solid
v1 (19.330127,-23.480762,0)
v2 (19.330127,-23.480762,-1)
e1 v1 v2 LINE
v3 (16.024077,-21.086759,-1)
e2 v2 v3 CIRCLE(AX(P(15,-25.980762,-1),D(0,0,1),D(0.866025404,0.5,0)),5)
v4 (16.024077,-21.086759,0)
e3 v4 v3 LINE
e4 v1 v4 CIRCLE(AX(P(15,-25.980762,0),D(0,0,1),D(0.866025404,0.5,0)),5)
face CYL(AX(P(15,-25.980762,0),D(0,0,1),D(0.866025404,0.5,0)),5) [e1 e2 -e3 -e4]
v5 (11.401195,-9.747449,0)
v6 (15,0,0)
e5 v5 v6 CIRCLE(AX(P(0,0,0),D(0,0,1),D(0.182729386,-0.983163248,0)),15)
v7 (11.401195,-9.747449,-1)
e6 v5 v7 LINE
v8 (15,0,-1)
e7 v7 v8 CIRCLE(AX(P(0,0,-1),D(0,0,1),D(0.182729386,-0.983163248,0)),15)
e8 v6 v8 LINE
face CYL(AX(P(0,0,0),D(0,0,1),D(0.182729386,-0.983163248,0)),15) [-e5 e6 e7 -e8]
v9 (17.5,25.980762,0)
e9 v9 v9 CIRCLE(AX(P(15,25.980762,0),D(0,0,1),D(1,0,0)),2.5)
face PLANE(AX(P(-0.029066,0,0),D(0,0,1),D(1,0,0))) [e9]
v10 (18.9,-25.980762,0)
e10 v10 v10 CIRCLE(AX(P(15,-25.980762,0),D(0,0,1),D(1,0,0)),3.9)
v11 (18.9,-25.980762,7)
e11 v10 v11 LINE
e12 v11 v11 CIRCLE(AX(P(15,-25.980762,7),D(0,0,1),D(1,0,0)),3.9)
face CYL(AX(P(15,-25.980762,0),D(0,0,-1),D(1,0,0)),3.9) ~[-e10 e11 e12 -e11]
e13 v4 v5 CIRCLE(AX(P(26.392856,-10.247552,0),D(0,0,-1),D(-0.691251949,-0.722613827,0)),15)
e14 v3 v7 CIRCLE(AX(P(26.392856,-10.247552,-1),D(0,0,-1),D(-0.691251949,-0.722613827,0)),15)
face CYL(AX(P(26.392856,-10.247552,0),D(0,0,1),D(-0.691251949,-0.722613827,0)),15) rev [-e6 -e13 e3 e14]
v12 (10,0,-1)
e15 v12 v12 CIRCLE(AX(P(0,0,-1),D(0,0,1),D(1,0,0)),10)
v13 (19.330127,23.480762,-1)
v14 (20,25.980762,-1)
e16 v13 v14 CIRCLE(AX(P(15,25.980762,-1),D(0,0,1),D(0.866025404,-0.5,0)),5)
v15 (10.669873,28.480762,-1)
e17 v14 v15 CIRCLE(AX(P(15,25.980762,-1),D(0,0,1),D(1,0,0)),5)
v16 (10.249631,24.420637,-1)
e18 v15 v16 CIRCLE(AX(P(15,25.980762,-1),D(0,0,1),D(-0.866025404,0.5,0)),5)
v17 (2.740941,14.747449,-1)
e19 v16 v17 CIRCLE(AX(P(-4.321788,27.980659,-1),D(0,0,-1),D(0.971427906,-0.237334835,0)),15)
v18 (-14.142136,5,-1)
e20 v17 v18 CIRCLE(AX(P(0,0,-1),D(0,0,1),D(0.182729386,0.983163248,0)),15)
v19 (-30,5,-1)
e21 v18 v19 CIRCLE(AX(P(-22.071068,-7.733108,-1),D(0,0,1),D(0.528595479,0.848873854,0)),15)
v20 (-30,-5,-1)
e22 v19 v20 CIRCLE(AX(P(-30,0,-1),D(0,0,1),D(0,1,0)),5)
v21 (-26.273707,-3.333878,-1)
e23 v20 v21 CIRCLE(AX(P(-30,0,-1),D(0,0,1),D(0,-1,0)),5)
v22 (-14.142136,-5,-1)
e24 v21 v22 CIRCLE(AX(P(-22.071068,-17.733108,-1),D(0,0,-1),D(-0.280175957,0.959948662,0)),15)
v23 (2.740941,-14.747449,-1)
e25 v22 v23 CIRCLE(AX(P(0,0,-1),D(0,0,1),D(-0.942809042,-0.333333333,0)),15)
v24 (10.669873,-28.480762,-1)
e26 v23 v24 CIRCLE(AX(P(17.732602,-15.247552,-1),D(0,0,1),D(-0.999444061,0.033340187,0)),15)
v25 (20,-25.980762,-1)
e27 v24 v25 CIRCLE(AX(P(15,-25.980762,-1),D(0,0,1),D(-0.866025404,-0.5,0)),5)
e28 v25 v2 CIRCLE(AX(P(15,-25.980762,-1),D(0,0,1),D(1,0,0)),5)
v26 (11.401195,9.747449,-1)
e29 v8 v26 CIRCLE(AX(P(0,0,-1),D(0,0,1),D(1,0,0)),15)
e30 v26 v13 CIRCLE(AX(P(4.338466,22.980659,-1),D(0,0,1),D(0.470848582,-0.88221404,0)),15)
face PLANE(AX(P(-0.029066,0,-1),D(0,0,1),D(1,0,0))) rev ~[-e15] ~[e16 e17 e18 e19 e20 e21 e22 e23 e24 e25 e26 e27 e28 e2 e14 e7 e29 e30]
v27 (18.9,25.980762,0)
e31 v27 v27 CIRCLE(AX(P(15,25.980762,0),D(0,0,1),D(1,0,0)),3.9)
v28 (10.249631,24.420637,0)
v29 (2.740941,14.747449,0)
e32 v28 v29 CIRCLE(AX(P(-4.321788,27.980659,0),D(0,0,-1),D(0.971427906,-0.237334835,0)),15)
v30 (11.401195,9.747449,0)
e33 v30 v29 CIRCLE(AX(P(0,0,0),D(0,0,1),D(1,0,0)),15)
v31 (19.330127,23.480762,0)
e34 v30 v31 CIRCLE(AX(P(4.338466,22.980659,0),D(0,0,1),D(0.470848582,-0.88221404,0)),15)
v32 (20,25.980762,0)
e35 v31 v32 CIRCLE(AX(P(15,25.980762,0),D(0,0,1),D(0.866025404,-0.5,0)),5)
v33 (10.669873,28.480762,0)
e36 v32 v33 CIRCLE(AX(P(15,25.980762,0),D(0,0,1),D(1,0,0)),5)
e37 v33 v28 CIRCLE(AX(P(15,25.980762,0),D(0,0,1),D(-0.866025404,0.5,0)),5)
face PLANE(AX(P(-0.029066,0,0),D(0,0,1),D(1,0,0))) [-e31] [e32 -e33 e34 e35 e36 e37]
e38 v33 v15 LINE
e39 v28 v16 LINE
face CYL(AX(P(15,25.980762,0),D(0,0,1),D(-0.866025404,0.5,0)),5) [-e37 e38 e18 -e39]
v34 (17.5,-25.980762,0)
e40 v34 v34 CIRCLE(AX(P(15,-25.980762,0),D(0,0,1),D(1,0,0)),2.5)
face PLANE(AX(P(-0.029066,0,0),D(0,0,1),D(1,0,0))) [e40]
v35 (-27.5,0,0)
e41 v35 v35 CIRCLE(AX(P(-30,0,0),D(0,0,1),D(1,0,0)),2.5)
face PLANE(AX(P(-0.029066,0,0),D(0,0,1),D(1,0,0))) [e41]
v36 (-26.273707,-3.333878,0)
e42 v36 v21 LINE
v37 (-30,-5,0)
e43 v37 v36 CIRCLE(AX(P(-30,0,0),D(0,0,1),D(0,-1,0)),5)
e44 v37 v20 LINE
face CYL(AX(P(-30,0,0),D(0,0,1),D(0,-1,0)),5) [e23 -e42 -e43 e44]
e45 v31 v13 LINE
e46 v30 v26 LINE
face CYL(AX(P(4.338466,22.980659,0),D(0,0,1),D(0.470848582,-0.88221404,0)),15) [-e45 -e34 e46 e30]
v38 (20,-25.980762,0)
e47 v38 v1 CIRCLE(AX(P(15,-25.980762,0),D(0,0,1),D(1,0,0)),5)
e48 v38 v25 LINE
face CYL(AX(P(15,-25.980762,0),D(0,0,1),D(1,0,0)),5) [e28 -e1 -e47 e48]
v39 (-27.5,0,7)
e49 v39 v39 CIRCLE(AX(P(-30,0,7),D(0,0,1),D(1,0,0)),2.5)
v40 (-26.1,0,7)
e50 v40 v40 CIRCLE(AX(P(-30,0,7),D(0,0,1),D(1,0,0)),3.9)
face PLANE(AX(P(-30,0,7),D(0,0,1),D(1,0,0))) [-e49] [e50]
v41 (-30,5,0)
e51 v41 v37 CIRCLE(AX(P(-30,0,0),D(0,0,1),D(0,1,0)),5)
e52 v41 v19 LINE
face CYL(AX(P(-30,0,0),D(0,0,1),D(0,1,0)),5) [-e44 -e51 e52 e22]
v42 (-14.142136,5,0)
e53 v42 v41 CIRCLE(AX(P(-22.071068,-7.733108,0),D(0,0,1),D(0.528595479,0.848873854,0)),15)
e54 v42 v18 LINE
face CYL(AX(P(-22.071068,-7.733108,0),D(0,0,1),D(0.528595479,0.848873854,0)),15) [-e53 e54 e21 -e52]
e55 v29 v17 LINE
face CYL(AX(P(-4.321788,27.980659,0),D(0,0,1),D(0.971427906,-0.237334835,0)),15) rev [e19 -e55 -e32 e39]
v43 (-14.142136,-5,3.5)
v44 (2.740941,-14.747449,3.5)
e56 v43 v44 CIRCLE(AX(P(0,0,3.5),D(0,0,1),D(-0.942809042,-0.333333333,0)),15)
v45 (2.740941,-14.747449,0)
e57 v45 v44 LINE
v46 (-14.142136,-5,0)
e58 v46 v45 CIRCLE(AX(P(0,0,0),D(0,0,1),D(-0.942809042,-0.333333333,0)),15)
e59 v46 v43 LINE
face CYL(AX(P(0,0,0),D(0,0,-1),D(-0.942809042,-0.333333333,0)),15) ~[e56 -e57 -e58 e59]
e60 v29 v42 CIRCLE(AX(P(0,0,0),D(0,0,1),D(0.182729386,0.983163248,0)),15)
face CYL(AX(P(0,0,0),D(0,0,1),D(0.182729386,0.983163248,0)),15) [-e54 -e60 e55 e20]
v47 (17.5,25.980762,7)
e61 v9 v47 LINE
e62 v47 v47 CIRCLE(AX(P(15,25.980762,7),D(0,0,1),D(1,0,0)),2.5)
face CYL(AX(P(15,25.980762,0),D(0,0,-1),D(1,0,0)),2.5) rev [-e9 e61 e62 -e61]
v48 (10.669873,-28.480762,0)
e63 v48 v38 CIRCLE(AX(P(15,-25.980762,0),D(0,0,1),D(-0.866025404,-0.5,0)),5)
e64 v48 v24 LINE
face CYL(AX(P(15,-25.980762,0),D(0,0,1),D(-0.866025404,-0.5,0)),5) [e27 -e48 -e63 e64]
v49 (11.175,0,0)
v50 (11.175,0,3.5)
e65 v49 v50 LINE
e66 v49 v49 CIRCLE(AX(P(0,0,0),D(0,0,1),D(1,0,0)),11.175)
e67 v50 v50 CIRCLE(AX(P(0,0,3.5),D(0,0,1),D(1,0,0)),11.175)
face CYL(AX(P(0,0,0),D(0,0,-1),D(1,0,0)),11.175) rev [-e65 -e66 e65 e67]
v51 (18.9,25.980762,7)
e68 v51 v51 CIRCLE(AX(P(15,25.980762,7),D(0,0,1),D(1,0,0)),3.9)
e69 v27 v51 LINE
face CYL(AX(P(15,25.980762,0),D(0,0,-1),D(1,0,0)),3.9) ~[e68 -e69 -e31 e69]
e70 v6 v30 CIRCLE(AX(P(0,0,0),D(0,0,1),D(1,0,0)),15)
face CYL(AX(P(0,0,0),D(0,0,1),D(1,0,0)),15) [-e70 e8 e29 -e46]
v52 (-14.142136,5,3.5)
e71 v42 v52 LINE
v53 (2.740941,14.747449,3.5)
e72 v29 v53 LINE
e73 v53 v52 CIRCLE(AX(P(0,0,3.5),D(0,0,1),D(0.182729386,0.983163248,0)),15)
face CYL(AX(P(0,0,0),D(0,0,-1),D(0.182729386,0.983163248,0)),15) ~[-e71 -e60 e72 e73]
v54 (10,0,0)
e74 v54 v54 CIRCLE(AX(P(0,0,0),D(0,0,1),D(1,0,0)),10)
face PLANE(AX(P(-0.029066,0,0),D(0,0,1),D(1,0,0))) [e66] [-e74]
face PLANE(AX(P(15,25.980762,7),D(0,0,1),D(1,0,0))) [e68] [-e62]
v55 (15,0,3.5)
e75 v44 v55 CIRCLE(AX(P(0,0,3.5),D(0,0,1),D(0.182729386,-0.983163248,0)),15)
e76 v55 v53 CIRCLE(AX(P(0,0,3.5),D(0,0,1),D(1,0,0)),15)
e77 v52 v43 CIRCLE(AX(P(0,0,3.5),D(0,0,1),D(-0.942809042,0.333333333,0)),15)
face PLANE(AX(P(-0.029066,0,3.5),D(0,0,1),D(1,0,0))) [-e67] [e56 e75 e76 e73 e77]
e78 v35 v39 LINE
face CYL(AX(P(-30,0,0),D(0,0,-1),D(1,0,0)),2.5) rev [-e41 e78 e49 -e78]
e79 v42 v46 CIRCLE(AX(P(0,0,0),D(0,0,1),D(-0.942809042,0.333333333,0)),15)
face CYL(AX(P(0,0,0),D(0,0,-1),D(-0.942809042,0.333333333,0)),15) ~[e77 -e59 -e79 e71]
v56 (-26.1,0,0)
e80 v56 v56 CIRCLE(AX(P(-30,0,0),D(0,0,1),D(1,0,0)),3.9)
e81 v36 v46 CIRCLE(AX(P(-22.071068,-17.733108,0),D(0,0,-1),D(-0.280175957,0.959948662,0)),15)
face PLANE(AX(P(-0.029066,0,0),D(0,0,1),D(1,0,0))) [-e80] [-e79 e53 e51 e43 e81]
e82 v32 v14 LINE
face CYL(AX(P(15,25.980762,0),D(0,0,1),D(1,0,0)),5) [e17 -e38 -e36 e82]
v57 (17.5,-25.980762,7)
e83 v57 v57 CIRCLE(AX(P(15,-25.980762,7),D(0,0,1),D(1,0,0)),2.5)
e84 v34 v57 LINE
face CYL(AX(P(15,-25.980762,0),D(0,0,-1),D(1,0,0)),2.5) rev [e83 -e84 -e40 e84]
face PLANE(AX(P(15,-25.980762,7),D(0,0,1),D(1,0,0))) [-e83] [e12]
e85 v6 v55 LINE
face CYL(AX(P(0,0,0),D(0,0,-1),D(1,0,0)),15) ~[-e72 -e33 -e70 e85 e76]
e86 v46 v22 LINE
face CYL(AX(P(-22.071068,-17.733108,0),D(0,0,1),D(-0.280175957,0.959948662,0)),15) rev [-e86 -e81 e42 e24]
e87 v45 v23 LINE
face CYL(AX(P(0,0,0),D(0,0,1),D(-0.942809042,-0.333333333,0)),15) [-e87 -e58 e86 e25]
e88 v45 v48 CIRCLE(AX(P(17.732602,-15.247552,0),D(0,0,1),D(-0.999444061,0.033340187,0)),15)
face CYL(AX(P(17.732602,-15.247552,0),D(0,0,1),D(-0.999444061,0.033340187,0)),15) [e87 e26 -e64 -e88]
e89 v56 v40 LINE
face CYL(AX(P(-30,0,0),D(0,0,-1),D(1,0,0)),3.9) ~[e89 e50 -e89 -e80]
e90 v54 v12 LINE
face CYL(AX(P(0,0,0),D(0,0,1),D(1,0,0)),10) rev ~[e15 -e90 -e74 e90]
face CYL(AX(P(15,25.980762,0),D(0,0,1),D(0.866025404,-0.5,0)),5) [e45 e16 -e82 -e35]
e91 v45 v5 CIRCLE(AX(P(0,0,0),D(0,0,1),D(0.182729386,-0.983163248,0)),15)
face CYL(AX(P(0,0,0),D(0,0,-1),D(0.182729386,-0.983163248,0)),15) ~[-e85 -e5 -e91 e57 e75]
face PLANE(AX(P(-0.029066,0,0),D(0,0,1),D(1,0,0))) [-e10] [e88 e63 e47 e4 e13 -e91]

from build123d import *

# Parameters (mm, degrees)
F0_R     = 11.175
F0_R_2   = 10
F0_R_3   = 3.9
F0_R_4   = 2.5
F1_DEPTH = 1
F2_DEPTH = 7
F3_DEPTH = 3.5


with BuildPart() as f1:
    # F0 (on Top) → F1 (new body)
    with BuildSketch(Plane.XY):
        with BuildLine():
            ThreePointArc((11.4011948308, -9.7474487139), (14.0715656993, -5.1952900563), (15, 0))
            ThreePointArc((15, 0), (14.0715656993, 5.1952900563), (11.4011948308, 9.7474487139))
            ThreePointArc((11.4011948308, 9.7474487139), (7.5, 12.9903810568), (2.7409407929, 14.7474487139))
            ThreePointArc((2.7409407929, 14.7474487139), (-7.5, 12.9903810568), (-14.1421356237, 5))
            ThreePointArc((-14.1421356237, 5), (-15, 0), (-14.1421356237, -5))
            ThreePointArc((-14.1421356237, -5), (-7.5, -12.9903810568), (2.7409407929, -14.7474487139))
            ThreePointArc((2.7409407929, -14.7474487139), (7.5, -12.9903810568), (11.4011948308, -9.7474487139))
        make_face()
        Circle(F0_R, mode=Mode.SUBTRACT)
        Circle(F0_R)
        Circle(F0_R_2, mode=Mode.SUBTRACT)
        with BuildLine():
            ThreePointArc((-14.1421356237, -5), (-15, 0), (-14.1421356237, 5))
            ThreePointArc((-14.1421356237, 5), (-22.0710678119, 7.2668921957), (-30, 5))
            ThreePointArc((-30, 5), (-26.4644660941, 3.5355339059), (-25, 0))
            ThreePointArc((-25, 0), (-25.3292685703, -1.7844517118), (-26.2737071647, -3.333877878))
            ThreePointArc((-26.2737071647, -3.333877878), (-20.0301598509, -2.8725999161), (-14.1421356237, -5))
        make_face()
        with BuildLine():
            ThreePointArc((2.7409407929, 14.7474487139), (7.5, 12.9903810568), (11.4011948308, 9.7474487139))
            ThreePointArc((11.4011948308, 9.7474487139), (17.328847154, 15.4806593159), (19.3301270189, 23.4807621135))
            ThreePointArc((19.3301270189, 23.4807621135), (14.4852262544, 21.0073319099), (10.2496306469, 24.4206367952))
            ThreePointArc((10.2496306469, 24.4206367952), (7.5273354232, 18.7829272308), (2.7409407929, 14.7474487139))
        make_face()
        with BuildLine():
            ThreePointArc((16.0240765178, -21.0867589172), (12.5028244277, -15.9103273147), (11.4011948308, -9.7474487139))
            ThreePointArc((11.4011948308, -9.7474487139), (7.5, -12.9903810568), (2.7409407929, -14.7474487139))
            ThreePointArc((2.7409407929, -14.7474487139), (4.7422206579, -22.7475515116), (10.6698729811, -28.4807621135))
            ThreePointArc((10.6698729811, -28.4807621135), (10.9502699725, -23.0482398708), (16.0240765178, -21.0867589172))
        make_face()
        with BuildLine():
            ThreePointArc((-25, 0), (-26.4644660941, 3.5355339059), (-30, 5))
            ThreePointArc((-30, 5), (-35, 0), (-30, -5))
            ThreePointArc((-30, -5), (-28.1937916946, -4.0395964849), (-26.2737071647, -3.333877878))
            ThreePointArc((-26.2737071647, -3.333877878), (-25.3292685703, -1.7844517118), (-25, 0))
        make_face()
        with Locations((-30, 0)):
            Circle(F0_R_3, mode=Mode.SUBTRACT)
        with BuildLine():
            ThreePointArc((19.3301270189, -23.4807621135), (17.5952890243, -22.3967415941), (16.0240765178, -21.0867589172))
            ThreePointArc((16.0240765178, -21.0867589172), (10.9502699725, -23.0482398708), (10.6698729811, -28.4807621135))
            ThreePointArc((10.6698729811, -28.4807621135), (16.2940952255, -30.810391245), (20, -25.9807621135))
            ThreePointArc((20, -25.9807621135), (19.8296291314, -24.686666888), (19.3301270189, -23.4807621135))
        make_face()
        with Locations((15, -25.9807621135)):
            Circle(F0_R_3, mode=Mode.SUBTRACT)
        with BuildLine():
            ThreePointArc((10.2496306469, 24.4206367952), (14.4852262544, 21.0073319099), (19.3301270189, 23.4807621135))
            ThreePointArc((19.3301270189, 23.4807621135), (19.8296291314, 24.686666888), (20, 25.9807621135))
            ThreePointArc((20, 25.9807621135), (16.2940952255, 30.810391245), (10.6698729811, 28.4807621135))
            ThreePointArc((10.6698729811, 28.4807621135), (10.5985026704, 26.436338079), (10.2496306469, 24.4206367952))
        make_face()
        with Locations((15, 25.9807621135)):
            Circle(F0_R_3, mode=Mode.SUBTRACT)
        with Locations((-30, 0)):
            Circle(F0_R_3)
        with Locations((-30, 0)):
            Circle(F0_R_4, mode=Mode.SUBTRACT)
        with Locations((15, -25.9807621135)):
            Circle(F0_R_3)
        with Locations((15, -25.9807621135)):
            Circle(F0_R_4, mode=Mode.SUBTRACT)
        with Locations((15, 25.9807621135)):
            Circle(F0_R_3)
        with Locations((15, 25.9807621135)):
            Circle(F0_R_4, mode=Mode.SUBTRACT)
        with Locations((-30, 0)):
            Circle(F0_R_4)
        with Locations((15, -25.9807621135)):
            Circle(F0_R_4)
        with Locations((15, 25.9807621135)):
            Circle(F0_R_4)
        with BuildLine():
            ThreePointArc((-30, -5), (-27.9590920391, -4.5645037731), (-26.2737071647, -3.333877878))
            ThreePointArc((-26.2737071647, -3.333877878), (-28.1937916946, -4.0395964849), (-30, -5))
        make_face()
        with BuildLine():
            ThreePointArc((19.3301270189, -23.4807621135), (17.9325222427, -21.931032086), (16.0240765178, -21.0867589172))
            ThreePointArc((16.0240765178, -21.0867589172), (17.5952890243, -22.3967415941), (19.3301270189, -23.4807621135))
        make_face()
        with BuildLine():
            ThreePointArc((10.6698729811, 28.4807621135), (10.0265697963, 26.4955358592), (10.2496306469, 24.4206367952))
            ThreePointArc((10.2496306469, 24.4206367952), (10.5985026704, 26.436338079), (10.6698729811, 28.4807621135))
        make_face()
    extrude(amount=-F1_DEPTH)

    # F0 (on Top) → F2 (join)
    with BuildSketch(Plane.XY):
        with Locations((-30, 0)):
            Circle(F0_R_3)
        with Locations((-30, 0)):
            Circle(F0_R_4, mode=Mode.SUBTRACT)
        with Locations((15, 25.9807621135)):
            Circle(F0_R_3)
        with Locations((15, 25.9807621135)):
            Circle(F0_R_4, mode=Mode.SUBTRACT)
        with Locations((15, -25.9807621135)):
            Circle(F0_R_3)
        with Locations((15, -25.9807621135)):
            Circle(F0_R_4, mode=Mode.SUBTRACT)
    extrude(amount=F2_DEPTH)

    # F0 (on Top) → F3 (join)
    with BuildSketch(Plane.XY):
        with BuildLine():
            ThreePointArc((11.4011948308, -9.7474487139), (14.0715656993, -5.1952900563), (15, 0))
            ThreePointArc((15, 0), (14.0715656993, 5.1952900563), (11.4011948308, 9.7474487139))
            ThreePointArc((11.4011948308, 9.7474487139), (7.5, 12.9903810568), (2.7409407929, 14.7474487139))
            ThreePointArc((2.7409407929, 14.7474487139), (-7.5, 12.9903810568), (-14.1421356237, 5))
            ThreePointArc((-14.1421356237, 5), (-15, 0), (-14.1421356237, -5))
            ThreePointArc((-14.1421356237, -5), (-7.5, -12.9903810568), (2.7409407929, -14.7474487139))
            ThreePointArc((2.7409407929, -14.7474487139), (7.5, -12.9903810568), (11.4011948308, -9.7474487139))
        make_face()
        Circle(F0_R, mode=Mode.SUBTRACT)
    extrude(amount=F3_DEPTH)


solid = f1.part
